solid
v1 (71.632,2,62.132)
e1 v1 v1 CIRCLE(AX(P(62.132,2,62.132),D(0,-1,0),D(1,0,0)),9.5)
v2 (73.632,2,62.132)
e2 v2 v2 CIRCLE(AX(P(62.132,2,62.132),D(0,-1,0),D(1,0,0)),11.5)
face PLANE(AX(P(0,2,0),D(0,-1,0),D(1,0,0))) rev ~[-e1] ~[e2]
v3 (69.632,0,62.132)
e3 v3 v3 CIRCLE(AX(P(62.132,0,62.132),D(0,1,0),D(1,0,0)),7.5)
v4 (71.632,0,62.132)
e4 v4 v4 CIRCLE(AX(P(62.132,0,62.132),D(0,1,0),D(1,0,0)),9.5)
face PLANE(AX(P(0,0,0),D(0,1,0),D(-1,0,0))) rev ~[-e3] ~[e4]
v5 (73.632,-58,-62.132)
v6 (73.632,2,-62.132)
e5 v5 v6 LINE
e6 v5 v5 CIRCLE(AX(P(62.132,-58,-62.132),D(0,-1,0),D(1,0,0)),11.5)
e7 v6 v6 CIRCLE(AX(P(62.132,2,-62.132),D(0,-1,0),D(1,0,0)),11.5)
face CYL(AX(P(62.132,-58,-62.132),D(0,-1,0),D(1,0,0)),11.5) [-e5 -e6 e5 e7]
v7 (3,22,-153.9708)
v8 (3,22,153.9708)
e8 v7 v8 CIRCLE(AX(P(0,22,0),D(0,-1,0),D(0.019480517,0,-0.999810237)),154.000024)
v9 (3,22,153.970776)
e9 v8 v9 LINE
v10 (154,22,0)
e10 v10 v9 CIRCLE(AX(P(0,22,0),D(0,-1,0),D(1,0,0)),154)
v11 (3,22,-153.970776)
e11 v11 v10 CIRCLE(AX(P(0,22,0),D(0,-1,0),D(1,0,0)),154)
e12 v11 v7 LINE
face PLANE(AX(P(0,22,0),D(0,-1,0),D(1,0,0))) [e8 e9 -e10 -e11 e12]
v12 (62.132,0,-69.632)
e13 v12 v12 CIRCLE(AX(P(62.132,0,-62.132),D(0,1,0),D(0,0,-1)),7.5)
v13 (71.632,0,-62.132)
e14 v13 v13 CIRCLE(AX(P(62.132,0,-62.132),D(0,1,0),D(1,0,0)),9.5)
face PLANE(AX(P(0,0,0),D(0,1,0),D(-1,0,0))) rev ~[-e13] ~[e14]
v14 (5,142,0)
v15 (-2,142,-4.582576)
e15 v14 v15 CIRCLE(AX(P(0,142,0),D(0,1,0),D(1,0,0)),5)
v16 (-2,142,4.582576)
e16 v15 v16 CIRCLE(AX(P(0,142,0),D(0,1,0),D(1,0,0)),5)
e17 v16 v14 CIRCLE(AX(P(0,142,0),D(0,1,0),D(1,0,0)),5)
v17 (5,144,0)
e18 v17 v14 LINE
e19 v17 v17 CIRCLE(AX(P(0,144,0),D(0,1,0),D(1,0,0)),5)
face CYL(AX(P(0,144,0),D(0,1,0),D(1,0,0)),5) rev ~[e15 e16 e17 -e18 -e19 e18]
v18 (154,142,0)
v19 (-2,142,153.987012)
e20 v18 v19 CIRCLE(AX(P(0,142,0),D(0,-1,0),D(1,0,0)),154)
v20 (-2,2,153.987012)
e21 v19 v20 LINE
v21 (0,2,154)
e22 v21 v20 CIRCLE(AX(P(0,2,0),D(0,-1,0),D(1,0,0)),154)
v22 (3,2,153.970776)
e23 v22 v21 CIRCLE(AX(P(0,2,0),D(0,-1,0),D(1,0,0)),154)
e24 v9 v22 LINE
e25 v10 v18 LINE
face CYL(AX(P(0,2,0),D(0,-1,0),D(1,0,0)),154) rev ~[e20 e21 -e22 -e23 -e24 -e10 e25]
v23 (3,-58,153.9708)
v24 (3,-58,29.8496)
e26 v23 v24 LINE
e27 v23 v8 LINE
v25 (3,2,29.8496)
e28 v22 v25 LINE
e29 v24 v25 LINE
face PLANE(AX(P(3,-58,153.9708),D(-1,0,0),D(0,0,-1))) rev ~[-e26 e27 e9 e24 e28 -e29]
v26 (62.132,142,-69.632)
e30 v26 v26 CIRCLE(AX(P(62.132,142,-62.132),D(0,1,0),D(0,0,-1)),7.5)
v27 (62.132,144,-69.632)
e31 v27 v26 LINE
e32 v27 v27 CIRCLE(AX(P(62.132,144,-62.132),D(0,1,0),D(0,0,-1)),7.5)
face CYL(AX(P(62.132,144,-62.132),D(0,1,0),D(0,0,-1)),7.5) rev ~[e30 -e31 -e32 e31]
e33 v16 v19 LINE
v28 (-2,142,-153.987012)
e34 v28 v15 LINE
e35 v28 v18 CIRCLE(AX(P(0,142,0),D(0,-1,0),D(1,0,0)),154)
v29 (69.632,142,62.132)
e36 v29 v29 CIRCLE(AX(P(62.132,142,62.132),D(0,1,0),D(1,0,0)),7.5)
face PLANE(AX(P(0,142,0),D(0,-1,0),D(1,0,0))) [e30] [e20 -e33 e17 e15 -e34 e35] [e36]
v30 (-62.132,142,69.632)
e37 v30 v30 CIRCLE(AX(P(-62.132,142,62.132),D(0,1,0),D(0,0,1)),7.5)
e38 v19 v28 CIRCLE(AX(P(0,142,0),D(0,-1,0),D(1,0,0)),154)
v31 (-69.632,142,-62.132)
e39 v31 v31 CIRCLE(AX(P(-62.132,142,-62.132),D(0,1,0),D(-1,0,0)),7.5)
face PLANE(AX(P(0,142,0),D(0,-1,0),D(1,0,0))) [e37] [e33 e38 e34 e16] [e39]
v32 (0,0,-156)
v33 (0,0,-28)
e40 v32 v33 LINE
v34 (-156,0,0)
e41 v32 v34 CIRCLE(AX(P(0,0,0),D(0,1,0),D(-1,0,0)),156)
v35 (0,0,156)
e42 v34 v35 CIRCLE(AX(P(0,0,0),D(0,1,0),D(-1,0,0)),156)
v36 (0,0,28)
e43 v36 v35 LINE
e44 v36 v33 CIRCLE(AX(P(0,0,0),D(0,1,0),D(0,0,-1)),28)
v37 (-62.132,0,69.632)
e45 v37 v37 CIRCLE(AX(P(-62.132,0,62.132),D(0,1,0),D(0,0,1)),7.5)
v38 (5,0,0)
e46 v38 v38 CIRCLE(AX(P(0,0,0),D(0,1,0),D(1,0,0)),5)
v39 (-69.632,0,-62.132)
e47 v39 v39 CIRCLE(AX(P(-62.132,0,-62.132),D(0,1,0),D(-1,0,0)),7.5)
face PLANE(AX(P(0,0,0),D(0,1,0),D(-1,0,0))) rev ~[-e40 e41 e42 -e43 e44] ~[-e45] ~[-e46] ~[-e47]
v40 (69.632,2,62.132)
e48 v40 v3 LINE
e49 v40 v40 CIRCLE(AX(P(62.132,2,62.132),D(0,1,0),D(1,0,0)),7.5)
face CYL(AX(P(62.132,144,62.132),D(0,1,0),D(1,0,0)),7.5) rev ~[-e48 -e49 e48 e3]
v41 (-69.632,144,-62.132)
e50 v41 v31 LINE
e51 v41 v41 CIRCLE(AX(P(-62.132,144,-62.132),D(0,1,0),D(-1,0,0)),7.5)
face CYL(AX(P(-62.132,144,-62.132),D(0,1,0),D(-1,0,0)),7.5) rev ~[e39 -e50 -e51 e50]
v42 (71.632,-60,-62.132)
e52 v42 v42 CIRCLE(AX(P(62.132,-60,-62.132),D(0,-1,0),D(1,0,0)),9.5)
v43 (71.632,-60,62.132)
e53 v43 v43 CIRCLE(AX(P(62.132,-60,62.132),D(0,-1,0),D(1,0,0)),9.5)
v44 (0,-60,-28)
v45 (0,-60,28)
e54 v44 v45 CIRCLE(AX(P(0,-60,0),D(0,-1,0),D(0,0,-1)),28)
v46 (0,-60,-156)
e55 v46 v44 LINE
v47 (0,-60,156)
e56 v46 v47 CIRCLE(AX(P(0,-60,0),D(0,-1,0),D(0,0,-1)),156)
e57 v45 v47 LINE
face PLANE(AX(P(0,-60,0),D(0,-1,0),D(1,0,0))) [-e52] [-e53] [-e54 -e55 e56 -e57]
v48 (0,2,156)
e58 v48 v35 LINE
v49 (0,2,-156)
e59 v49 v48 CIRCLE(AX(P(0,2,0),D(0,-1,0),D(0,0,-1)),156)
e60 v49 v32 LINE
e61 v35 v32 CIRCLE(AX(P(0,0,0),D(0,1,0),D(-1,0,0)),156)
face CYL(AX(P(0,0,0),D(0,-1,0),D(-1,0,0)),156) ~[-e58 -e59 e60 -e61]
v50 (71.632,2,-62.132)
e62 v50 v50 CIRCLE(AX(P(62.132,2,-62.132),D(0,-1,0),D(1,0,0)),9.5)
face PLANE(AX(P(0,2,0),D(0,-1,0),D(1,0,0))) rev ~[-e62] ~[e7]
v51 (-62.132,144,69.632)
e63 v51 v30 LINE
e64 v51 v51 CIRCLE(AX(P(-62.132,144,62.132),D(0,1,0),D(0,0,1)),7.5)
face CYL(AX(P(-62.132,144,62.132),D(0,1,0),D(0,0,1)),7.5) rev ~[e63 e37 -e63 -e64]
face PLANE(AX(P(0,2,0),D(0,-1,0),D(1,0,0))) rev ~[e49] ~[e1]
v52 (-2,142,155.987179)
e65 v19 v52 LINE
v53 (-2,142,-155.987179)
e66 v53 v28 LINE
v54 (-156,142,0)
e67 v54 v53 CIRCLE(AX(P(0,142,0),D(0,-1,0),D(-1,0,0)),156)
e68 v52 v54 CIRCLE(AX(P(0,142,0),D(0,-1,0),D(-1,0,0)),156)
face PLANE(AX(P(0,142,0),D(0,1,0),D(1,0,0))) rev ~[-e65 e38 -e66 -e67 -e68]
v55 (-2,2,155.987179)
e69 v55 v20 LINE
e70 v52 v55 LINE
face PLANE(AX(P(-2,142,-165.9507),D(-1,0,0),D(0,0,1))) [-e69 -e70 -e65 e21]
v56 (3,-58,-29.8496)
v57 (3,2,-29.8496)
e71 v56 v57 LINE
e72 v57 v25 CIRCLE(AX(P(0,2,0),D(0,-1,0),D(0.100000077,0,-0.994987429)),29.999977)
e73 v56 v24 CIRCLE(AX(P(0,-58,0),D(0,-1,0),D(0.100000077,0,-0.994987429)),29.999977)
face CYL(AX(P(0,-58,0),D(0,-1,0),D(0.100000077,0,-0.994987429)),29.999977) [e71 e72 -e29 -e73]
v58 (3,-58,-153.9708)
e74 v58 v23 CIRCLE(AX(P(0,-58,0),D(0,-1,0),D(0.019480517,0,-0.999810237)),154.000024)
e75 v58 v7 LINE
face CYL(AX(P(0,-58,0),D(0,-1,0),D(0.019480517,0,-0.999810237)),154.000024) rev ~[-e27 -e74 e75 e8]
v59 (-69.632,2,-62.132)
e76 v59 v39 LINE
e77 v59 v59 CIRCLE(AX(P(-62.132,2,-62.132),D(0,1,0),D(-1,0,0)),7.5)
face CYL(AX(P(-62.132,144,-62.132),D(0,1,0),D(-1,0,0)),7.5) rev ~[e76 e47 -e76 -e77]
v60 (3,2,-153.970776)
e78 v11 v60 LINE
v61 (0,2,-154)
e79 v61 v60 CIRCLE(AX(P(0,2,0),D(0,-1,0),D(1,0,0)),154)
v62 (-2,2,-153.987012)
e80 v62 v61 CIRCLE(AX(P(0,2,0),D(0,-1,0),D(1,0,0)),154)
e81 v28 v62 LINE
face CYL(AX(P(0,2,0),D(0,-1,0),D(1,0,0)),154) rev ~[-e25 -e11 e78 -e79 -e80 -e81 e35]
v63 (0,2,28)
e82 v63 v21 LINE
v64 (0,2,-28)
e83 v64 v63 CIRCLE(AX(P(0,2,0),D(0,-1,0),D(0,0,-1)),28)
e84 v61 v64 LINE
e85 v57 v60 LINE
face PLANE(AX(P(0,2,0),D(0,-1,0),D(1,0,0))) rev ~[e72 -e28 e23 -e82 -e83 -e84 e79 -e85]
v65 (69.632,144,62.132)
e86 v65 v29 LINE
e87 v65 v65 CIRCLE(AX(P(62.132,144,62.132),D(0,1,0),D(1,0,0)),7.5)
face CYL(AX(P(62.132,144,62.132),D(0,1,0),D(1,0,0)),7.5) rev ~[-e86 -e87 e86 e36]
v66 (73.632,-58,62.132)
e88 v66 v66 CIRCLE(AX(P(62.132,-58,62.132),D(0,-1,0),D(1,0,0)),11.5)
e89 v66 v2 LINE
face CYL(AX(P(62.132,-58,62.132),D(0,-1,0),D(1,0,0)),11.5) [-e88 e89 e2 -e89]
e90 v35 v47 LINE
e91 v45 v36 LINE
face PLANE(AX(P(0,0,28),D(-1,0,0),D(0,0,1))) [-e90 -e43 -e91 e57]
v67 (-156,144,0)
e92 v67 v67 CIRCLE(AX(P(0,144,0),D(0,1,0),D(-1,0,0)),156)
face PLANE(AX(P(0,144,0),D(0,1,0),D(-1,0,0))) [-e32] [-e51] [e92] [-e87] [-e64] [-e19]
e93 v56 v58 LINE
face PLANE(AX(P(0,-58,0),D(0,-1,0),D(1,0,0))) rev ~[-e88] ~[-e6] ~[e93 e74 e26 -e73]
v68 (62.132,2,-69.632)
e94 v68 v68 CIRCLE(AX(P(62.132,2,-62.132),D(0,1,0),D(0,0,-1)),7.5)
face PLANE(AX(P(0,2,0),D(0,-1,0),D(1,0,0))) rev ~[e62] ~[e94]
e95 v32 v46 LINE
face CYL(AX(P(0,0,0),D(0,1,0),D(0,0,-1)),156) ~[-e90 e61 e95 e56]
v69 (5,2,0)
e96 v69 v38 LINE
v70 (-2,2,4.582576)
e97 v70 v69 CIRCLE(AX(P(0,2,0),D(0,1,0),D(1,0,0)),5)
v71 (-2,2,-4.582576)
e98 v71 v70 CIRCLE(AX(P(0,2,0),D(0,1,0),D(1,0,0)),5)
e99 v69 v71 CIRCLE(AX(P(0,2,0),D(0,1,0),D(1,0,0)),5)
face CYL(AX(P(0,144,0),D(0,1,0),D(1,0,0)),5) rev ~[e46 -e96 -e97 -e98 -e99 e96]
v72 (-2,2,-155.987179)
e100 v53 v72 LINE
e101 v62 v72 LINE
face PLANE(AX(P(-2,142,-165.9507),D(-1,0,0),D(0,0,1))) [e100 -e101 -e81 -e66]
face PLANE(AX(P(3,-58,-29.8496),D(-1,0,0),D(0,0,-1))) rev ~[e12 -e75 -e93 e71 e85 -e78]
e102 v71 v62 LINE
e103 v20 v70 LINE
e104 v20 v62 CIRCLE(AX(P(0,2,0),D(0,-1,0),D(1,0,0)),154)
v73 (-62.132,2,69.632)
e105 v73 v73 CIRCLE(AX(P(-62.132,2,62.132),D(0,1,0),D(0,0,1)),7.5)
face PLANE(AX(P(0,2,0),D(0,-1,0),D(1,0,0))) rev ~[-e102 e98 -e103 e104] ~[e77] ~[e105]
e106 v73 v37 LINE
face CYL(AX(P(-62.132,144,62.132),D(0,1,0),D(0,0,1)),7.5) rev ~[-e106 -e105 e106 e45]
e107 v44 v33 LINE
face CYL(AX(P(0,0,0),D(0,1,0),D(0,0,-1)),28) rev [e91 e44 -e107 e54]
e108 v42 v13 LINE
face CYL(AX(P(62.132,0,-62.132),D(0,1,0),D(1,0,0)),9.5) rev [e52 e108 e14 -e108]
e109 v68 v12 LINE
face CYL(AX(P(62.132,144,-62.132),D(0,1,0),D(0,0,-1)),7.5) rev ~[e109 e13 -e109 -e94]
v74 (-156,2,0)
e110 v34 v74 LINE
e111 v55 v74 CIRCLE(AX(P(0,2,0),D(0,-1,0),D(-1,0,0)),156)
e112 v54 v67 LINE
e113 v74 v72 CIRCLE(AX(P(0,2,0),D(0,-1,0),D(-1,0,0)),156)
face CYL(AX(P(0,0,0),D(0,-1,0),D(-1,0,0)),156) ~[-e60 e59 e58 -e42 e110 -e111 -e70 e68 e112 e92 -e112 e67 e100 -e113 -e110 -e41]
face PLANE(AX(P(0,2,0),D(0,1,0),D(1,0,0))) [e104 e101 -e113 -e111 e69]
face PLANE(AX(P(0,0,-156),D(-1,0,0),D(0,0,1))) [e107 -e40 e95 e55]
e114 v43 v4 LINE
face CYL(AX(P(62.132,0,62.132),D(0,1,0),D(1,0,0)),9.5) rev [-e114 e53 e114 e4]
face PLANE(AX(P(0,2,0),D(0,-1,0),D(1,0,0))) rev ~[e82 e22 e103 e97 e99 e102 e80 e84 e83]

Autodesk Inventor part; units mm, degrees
sketch "Sketch1" plane through (0, 0, 0) normal (0, 1, 0) x (-1, 0, 0)
  circle A0 centre (0, 0) radius 156
  dimension "d1" = 312
extrude "Extrusion1" add sketch "Sketch1" along normal blind 144
ref_plane "Work Plane1" through (0, 2, 0) normal (0, -1, 0) x (1, 0, 0)
sketch "Sketch2" plane through (0, 2, 0) normal (0, -1, 0) x (1, 0, 0)
  circle A0 centre (0, 0) radius 154
  dimension "d5" = 308
extrude "Extrusion2" cut sketch "Sketch2" against normal blind 140
sketch "Sketch3" plane through (0, 144, 0) normal (0, 1, 0) x (1, 0, 0)
  circle A0 centre (0, 0) radius 5
  dimension "d8" = 10
extrude "Extrusion3" cut sketch "Sketch3" against normal through all
sketch "Sketch5" plane through (0, 144, 0) normal (0, 1, 0) x (1, 0, 0)
  line L0 (0, 156) -> (0, -156) construction
  line L1 (156, 0) -> (-156, 0) construction
  circle A0 centre (62.132, -62.132) radius 7.5
  line L2 (62.132, -62.132) -> (0, -62.132) construction
  line L3 (62.132, -62.132) -> (62.132, 0) construction
  line L4 (62.132, -62.132) -> (106.066, -106.066) construction
  circle A1 centre (0, 0) radius 150 construction
  dimension "d20" = 300
  dimension "d17" = 312
  dimension "d18" = 312
  dimension "d19" = 15
extrude "Extrusion5" cut sketch "Sketch5" against normal through all
pattern_circular "Circular Pattern1" count 4 over 360 about axis through (0, -10, 0) along (0, 1, 0) of "Extrusion5"
sketch "Sketch4" plane through (0, 0, 0) normal (0, -1, 0) x (1, 0, 0)
  arc A0 (0, -156) -> (0, 156) centre (0, 0) ccw
  arc A1 (0, -28) -> (0, 28) centre (0, 0) ccw
  line L0 (0, -156) -> (0, -28)
  line L1 (0, 28) -> (0, 156)
  circle A2 centre (62.132, -62.132) radius 9.5
  circle A3 centre (62.132, -62.132) radius 7.5 projected
  circle A4 centre (62.132, 62.132) radius 9.5
  circle A5 centre (62.132, 62.132) radius 7.5 projected
  dimension "d11" = 312
  dimension "d12" = 56
  dimension "d26" = 19
  dimension "d27" = 19
extrude "Extrusion6" add sketch "Sketch4" along normal blind 60 and the other way blind 2 contours L0 A1 L1 A0
ref_plane "Work Plane2" through (0, -58, 0) normal (0, -1, 0) x (1, 0, 0)
sketch "Sketch6" plane through (0, -58, 0) normal (0, -1, 0) x (1, 0, 0)
  arc A0 (3, -29.8496) -> (3, 29.8496) centre (0, 0) ccw
  circle A1 centre (62.132, 62.132) radius 11.5
  circle A2 centre (62.132, -62.132) radius 11.5
  circle A3 centre (62.132, 62.132) radius 7.5 projected
  circle A4 centre (62.132, -62.132) radius 7.5 projected
  line L0 (0, 149.3459) -> (0, -149.3522) construction
  line L1 (0, 28) -> (0, 156) construction
  arc A5 (3, -153.9708) -> (3, 153.9708) centre (0, 0) ccw
  arc A6 (0, -156) -> (0, 156) centre (0, 0) ccw projected
  line L2 (3, 153.9708) -> (3, 29.8496)
  line L3 (3, -29.8496) -> (3, -153.9708)
  arc A7 (0, -28) -> (0, 28) centre (0, 0) ccw projected
  dimension "d34" = 60
  dimension "d35" = 23
  dimension "d36" = 23
  dimension "d44" = 154
extrude "Extrusion7" cut sketch "Sketch6" against normal blind 80 contours A0 L2 A5 L3
ref_plane "Work Plane3" through (0, 142, 0) normal (0, 1, 0) x (1, 0, 0)
sketch "Sketch7" plane through (0, 142, 0) normal (0, 1, 0) x (1, 0, 0)
  arc A0 (-2, 165.9507) -> (-2, -165.9507) centre (0, 0) ccw
  circle A1 centre (0, 0) radius 156 projected
  line L0 (-2, 165.9507) -> (-2, -165.9507)
  dimension "d41" = 2
extrude "Extrusion8" cut sketch "Sketch7" against normal blind 140 contours L0 A1 A0 | L0 A1 picked at (-54.0363, 21.9945)
properties part number "WaterproofCover" material "Polyethylene, Low Density"
